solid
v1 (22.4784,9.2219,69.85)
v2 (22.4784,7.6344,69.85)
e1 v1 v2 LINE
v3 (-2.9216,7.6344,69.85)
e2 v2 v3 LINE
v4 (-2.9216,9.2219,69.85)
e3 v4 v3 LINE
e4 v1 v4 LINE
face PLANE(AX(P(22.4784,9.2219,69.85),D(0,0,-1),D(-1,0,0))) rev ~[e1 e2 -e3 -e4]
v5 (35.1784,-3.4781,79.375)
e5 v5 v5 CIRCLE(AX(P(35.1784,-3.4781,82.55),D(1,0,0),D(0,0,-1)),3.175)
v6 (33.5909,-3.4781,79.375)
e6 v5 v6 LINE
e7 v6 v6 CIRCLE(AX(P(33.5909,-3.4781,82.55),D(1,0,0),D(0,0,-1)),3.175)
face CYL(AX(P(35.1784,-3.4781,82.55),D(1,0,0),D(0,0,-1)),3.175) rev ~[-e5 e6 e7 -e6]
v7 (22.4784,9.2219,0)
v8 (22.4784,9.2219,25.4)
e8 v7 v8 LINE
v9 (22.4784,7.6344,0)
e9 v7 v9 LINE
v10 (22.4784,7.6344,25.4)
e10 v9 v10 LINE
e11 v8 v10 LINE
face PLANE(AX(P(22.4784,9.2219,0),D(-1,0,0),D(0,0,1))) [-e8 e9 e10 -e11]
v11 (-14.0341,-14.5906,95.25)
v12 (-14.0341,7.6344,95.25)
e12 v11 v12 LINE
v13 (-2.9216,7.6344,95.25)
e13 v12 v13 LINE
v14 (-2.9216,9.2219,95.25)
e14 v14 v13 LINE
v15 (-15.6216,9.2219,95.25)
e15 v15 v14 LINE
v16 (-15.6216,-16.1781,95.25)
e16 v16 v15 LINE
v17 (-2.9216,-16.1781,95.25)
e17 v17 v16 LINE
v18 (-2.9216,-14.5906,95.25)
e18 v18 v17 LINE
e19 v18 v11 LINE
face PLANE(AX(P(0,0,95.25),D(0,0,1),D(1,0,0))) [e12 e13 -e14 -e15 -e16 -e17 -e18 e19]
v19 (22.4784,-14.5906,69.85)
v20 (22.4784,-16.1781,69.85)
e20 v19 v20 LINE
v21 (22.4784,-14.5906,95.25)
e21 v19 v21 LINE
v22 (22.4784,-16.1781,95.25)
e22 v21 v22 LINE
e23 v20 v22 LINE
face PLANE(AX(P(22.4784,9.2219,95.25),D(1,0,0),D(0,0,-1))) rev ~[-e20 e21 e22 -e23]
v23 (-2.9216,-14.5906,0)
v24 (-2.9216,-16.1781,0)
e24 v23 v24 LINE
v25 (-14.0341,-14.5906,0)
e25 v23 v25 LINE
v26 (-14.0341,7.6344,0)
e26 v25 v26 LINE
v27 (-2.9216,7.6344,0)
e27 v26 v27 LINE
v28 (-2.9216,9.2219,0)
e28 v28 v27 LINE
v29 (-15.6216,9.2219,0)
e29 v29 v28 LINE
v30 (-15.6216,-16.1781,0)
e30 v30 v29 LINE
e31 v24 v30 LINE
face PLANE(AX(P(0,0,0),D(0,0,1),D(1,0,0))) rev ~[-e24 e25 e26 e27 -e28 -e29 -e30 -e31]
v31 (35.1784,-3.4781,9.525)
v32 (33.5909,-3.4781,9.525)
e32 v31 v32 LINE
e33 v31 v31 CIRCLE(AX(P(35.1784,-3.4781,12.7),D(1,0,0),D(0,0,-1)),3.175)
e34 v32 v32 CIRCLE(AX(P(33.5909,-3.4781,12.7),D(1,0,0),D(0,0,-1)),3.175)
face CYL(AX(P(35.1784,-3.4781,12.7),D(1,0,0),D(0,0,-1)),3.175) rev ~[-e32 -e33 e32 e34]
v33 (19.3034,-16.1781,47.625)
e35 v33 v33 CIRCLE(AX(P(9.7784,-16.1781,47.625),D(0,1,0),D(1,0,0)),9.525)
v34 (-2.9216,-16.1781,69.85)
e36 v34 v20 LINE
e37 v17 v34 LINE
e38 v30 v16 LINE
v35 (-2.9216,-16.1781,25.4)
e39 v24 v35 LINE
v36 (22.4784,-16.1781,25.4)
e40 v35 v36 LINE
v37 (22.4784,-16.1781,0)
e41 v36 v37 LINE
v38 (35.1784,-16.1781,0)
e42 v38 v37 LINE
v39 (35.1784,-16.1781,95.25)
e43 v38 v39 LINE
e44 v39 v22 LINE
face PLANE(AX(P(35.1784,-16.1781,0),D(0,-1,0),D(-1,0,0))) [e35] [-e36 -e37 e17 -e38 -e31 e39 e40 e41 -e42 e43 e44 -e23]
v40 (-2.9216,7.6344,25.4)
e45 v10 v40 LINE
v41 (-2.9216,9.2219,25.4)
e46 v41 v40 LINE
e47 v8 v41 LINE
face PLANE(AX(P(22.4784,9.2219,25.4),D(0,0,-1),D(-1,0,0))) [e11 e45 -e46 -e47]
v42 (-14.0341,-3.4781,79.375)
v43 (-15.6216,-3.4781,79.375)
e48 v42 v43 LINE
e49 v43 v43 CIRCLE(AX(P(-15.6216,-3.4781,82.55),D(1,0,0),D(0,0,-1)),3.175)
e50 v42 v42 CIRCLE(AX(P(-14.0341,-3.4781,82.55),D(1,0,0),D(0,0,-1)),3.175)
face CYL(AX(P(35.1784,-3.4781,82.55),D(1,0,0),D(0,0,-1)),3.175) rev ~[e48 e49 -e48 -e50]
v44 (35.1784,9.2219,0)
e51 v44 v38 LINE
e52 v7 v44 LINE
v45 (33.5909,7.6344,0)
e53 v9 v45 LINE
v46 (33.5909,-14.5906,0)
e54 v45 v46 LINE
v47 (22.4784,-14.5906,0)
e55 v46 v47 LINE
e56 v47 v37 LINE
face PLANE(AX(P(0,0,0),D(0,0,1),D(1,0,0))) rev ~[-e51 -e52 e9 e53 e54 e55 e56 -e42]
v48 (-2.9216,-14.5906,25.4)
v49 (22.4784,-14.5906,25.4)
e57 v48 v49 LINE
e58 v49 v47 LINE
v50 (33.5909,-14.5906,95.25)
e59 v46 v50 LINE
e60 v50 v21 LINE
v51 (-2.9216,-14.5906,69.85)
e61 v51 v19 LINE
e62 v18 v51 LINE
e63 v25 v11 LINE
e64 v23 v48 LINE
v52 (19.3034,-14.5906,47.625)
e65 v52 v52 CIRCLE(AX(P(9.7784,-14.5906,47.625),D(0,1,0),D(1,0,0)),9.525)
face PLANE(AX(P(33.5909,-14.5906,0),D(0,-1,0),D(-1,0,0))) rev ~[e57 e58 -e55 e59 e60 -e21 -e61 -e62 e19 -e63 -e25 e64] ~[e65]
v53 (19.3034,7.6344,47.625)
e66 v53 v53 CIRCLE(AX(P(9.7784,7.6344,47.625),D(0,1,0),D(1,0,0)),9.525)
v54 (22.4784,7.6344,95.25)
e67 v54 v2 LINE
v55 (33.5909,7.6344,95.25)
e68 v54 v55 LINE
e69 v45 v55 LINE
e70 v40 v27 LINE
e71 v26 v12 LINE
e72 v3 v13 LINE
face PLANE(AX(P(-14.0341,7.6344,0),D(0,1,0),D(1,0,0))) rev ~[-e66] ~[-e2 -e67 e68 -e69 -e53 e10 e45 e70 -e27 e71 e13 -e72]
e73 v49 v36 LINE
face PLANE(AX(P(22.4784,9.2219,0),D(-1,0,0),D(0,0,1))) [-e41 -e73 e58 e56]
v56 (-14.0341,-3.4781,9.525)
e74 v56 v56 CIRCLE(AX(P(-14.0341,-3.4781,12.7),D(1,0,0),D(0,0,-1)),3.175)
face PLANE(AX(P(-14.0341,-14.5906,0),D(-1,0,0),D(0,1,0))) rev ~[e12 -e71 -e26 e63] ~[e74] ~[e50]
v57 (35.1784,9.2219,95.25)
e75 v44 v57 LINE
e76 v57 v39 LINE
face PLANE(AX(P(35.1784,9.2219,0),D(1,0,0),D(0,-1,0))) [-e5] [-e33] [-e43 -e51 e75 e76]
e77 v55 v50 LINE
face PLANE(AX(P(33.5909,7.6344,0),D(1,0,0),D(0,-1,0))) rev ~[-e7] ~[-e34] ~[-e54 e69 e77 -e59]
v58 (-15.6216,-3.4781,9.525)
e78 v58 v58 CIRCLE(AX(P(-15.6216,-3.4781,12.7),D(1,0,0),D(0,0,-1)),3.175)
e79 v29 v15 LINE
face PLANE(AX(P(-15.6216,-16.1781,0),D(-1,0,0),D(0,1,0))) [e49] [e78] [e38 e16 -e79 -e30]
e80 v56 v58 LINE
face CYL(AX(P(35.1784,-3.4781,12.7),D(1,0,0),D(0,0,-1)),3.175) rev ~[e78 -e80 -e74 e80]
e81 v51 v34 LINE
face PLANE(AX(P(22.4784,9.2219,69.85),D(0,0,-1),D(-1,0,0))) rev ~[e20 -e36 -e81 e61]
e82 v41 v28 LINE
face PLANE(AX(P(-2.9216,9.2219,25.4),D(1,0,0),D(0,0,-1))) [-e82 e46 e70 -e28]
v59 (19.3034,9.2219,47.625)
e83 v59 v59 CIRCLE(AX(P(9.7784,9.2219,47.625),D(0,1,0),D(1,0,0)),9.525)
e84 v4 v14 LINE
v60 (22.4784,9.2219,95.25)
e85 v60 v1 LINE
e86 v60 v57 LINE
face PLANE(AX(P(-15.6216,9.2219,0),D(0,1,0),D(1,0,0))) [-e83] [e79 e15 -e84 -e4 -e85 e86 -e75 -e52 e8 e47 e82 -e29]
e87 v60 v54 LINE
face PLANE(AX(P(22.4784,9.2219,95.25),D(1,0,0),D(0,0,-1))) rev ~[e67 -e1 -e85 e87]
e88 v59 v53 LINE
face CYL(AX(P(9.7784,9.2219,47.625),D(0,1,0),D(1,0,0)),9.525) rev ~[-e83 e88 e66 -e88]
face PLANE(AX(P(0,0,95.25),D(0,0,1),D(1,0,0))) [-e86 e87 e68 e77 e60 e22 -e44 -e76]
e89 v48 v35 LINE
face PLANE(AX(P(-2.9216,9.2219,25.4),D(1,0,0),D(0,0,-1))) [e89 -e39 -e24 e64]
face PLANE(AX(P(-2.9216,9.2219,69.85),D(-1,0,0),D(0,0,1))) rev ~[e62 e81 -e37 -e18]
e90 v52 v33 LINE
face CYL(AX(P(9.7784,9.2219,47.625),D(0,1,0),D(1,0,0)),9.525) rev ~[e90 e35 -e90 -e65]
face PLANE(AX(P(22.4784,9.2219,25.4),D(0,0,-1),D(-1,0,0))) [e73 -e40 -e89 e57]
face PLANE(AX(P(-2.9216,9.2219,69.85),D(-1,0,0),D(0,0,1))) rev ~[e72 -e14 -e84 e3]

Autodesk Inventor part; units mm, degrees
ref_plane "YZ Plane" through (0, 0, 0) normal (1, 0, 0) x (0, 1, 0)
ref_plane "XZ Plane" through (0, 0, 0) normal (0, 1, 0) x (-1, 0, 0)
ref_plane "XY Plane" through (0, 0, 0) normal (0, 0, 1) x (1, 0, 0)
sketch "Sketch1" plane through (0, 0, 0) normal (0, 0, 1) x (1, 0, 0)
  line L0 (-15.6216, 9.2219) -> (35.1784, 9.2219)
  line L1 (35.1784, 9.2219) -> (35.1784, -16.1781)
  line L2 (35.1784, -16.1781) -> (-15.6216, -16.1781)
  line L3 (-15.6216, -16.1781) -> (-15.6216, 9.2219)
  line L4 (-14.0341, 7.6344) -> (33.5909, 7.6344)
  line L5 (33.5909, 7.6344) -> (33.5909, -14.5906)
  line L6 (33.5909, -14.5906) -> (-14.0341, -14.5906)
  line L7 (-14.0341, -14.5906) -> (-14.0341, 7.6344)
  point P0 (0, 0)
  dimension "d0" = 50.8
  dimension "d1" = 25.4
  dimension "d2" = 1.5875
  dimension "d3" = 1.5875
  dimension "d4" = 1.5875
  dimension "d5" = 1.5875
extrude "Extrusion1" add sketch "Sketch1" along normal blind 95.25
sketch "Sketch2" plane through (-15.6216, 9.2219, 0) normal (0, 1, 0) x (1, 0, 0)
  circle A0 centre (25.4, -47.625) radius 9.525
  line L0 (0, 0) -> (0, -95.25) projected
  line L1 (50.8, 0) -> (0, 0) projected
  line L2 (12.7, 0) -> (38.1, 0)
  line L3 (38.1, 0) -> (38.1, -25.4)
  line L4 (38.1, -25.4) -> (12.7, -25.4)
  line L5 (12.7, -25.4) -> (12.7, 0)
  line L6 (1.5875, -95.25) -> (49.2125, -95.25) projected
  line L7 (12.7, -95.25) -> (38.1, -95.25)
  line L8 (38.1, -95.25) -> (38.1, -69.85)
  line L9 (38.1, -69.85) -> (12.7, -69.85)
  line L10 (12.7, -69.85) -> (12.7, -95.25)
  point P0 (15.6216, 0)
  point P1 (25.4, -25.4)
  dimension "d8" = 19.05
  dimension "d9" = 25.4
  dimension "d10" = 47.625
  dimension "d13" = 25.4
  dimension "d14" = 25.4
  dimension "d15" = 25.4
  dimension "d16" = 25.4
  dimension "d25" = 95.25
extrude "Extrusion2" cut sketch "Sketch2" against normal blind 116.84
sketch "Sketch3" plane through (35.1784, -16.1781, 0) normal (1, 0, 0) x (0, 0, -1)
  circle A0 centre (-12.7, 12.7) radius 3.175
  line L0 (0, 25.4) -> (-95.25, 25.4) projected
  circle A1 centre (-82.55, 12.7) radius 3.175
  line L1 (-95.25, 0) -> (-95.25, 25.4) projected
  point P0 (0, 16.1781)
  dimension "d17" = 6.35
  dimension "d18" = 12.7
  dimension "d19" = 12.7
  dimension "d20" = 6.35
  dimension "d21" = 12.7
  dimension "d22" = 12.7
extrude "Extrusion3" cut sketch "Sketch3" against normal through all
equation "\"d3\" = d2"
equation "\"d4\" = d2"
equation "\"d5\" = d2"
equation "\"d10\" = 0.5 * d25"
properties part number "Diff Top Bar"
